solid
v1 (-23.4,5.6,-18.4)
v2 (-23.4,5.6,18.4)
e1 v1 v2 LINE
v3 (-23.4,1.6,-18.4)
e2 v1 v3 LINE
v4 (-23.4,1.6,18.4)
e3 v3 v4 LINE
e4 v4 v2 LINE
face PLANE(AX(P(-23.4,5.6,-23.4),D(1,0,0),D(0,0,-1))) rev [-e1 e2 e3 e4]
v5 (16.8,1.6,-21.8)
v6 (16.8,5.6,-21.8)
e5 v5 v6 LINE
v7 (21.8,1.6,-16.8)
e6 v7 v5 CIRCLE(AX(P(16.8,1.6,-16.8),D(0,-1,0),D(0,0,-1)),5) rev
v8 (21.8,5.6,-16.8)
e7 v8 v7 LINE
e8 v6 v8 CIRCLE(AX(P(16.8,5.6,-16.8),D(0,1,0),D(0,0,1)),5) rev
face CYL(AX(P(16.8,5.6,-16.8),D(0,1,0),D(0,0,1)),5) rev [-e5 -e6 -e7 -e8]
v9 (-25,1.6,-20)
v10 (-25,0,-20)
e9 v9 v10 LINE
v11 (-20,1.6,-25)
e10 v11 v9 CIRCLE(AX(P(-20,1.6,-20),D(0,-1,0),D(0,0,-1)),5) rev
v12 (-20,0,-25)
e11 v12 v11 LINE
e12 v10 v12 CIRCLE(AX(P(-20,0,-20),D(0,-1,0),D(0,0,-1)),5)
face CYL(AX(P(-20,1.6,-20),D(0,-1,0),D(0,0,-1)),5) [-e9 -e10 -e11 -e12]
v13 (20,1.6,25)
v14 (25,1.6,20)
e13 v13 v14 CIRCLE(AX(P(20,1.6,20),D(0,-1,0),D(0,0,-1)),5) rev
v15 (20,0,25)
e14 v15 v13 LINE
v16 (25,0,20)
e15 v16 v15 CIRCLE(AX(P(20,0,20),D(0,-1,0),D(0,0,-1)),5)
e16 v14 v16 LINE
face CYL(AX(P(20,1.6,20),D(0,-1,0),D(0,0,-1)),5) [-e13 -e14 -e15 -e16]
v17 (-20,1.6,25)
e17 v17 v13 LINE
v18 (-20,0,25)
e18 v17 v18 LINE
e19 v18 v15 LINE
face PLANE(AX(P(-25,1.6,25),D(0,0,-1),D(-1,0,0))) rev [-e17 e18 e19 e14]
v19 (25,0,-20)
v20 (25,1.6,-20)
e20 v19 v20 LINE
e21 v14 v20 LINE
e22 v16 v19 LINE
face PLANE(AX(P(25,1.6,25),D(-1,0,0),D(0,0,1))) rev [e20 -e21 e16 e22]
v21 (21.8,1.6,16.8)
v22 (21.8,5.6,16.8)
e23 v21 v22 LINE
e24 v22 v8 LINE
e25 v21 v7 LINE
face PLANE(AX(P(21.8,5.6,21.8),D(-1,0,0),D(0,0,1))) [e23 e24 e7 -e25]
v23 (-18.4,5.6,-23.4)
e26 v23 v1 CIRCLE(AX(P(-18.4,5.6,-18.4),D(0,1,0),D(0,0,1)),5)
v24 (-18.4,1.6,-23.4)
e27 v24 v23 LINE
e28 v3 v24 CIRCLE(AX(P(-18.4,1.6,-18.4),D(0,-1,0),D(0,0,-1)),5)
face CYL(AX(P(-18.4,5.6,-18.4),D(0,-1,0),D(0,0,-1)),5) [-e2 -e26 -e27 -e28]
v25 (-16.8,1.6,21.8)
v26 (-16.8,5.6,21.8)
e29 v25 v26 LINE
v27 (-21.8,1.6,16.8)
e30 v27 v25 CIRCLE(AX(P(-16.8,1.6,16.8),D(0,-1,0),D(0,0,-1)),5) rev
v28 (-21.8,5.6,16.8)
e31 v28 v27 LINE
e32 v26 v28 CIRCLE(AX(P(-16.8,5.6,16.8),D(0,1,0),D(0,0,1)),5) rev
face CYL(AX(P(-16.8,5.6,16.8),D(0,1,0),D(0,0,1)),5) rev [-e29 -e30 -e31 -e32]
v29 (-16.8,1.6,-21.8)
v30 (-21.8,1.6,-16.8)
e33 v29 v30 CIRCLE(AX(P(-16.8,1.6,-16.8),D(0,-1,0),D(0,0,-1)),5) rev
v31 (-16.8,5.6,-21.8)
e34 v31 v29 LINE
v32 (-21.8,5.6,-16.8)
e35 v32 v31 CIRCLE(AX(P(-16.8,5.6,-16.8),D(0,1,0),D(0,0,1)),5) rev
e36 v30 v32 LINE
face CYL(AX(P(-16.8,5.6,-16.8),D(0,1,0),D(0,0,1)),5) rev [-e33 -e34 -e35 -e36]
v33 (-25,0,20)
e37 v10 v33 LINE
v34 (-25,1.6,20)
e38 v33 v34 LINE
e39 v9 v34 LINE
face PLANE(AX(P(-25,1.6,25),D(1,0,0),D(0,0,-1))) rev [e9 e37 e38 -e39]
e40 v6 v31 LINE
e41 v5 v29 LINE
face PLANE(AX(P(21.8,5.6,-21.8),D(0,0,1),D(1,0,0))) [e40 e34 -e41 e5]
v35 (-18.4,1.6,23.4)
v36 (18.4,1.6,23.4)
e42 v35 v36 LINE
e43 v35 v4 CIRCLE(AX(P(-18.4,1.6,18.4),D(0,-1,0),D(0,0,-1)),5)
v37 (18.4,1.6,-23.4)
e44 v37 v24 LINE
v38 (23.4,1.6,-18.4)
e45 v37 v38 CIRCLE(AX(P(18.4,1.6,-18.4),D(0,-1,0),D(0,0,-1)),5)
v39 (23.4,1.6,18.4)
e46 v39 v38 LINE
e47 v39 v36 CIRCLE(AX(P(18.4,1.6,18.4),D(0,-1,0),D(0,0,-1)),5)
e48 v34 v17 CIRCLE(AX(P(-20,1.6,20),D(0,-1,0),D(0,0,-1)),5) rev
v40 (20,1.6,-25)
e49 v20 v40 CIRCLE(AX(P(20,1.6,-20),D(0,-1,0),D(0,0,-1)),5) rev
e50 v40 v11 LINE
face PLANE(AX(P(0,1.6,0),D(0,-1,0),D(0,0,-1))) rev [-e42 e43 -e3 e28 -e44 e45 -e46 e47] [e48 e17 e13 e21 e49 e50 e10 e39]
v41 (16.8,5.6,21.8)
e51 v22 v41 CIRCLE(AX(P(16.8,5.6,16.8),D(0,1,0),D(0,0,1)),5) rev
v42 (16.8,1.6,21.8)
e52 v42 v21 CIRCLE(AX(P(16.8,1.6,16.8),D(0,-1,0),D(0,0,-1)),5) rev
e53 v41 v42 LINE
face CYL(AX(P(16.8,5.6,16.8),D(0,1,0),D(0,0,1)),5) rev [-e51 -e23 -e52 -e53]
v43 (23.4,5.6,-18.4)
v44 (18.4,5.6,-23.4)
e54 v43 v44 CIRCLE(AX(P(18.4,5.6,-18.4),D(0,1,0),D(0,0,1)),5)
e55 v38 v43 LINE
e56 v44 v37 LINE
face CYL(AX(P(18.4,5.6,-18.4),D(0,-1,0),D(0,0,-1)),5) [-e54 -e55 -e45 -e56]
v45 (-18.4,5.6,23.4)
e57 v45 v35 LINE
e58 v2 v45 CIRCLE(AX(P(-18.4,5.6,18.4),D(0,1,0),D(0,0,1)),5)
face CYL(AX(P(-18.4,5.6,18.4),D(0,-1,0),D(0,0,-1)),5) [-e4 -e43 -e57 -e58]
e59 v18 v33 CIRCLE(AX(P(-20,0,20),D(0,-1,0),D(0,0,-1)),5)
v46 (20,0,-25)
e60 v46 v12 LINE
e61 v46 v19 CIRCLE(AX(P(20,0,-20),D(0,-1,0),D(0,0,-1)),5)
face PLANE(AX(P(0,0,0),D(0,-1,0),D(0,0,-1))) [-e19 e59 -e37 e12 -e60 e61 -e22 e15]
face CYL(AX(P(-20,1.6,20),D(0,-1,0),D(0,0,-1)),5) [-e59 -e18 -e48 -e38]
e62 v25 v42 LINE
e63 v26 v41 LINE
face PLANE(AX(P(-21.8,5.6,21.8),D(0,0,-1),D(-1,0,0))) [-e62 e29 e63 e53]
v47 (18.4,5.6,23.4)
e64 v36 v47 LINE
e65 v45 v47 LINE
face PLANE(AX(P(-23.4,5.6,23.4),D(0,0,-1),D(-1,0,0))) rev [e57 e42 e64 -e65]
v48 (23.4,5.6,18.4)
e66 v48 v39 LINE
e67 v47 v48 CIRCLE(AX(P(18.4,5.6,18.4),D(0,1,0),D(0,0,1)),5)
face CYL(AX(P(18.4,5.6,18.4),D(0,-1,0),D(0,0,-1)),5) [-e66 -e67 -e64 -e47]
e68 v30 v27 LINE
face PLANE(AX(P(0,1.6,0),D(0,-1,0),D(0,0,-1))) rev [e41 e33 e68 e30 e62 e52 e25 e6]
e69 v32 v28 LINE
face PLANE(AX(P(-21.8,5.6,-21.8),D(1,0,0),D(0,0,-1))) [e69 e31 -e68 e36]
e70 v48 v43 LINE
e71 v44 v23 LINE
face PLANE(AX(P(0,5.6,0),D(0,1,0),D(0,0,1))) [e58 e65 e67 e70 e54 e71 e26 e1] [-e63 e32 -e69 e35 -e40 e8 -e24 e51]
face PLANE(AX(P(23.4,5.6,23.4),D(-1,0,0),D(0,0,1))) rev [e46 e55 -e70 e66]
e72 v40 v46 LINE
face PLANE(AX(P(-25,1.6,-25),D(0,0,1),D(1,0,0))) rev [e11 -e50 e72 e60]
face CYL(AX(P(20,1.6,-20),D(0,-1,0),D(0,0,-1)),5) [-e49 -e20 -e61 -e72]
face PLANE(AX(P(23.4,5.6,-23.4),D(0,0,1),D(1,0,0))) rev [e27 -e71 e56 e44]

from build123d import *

# Parameters (mm, degrees)
SKETCH1_W           = 50
SKETCH1_H           = 50
BOSS_EXTRUDE1_DEPTH = 1.6
SKETCH2_W           = 46.8
SKETCH2_H           = 46.8
SKETCH2_W_2         = 43.6
SKETCH2_H_2         = 43.6
BOSS_EXTRUDE2_DEPTH = 4
FILLET1_R           = 5


with BuildPart() as part:
    # Sketch1 → Boss-Extrude1 (new body)
    with BuildSketch(Plane(origin=(0, 0, 0), x_dir=(1, 0, 0), z_dir=(0, 1, 0))):
        Rectangle(SKETCH1_W, SKETCH1_H)
    extrude(amount=BOSS_EXTRUDE1_DEPTH)

    # Sketch2 → Boss-Extrude2 (add)
    with BuildSketch(Plane(origin=(0, 1.6, 0), x_dir=(1, 0, 0), z_dir=(0, 1, 0))):
        Rectangle(SKETCH2_W, SKETCH2_H)
        Rectangle(SKETCH2_W_2, SKETCH2_H_2, mode=Mode.SUBTRACT)
    extrude(amount=BOSS_EXTRUDE2_DEPTH)

    # Fillet1
    fillet1_edges = [part.edges().sort_by_distance(p)[0] for p in [
        (-23.4, 3.6, 23.4),
        (23.4, 3.6, 23.4),
        (23.4, 3.6, -23.4),
        (-23.4, 3.6, -23.4),
        (21.8, 3.6, 21.8),
        (21.8, 3.6, -21.8),
        (-21.8, 3.6, -21.8),
        (-21.8, 3.6, 21.8),
        (25, 0.8, 25),
        (-25, 0.8, 25),
        (-25, 0.8, -25),
        (25, 0.8, -25),
    ]]
    fillet(fillet1_edges, radius=FILLET1_R)


solid = part.part
